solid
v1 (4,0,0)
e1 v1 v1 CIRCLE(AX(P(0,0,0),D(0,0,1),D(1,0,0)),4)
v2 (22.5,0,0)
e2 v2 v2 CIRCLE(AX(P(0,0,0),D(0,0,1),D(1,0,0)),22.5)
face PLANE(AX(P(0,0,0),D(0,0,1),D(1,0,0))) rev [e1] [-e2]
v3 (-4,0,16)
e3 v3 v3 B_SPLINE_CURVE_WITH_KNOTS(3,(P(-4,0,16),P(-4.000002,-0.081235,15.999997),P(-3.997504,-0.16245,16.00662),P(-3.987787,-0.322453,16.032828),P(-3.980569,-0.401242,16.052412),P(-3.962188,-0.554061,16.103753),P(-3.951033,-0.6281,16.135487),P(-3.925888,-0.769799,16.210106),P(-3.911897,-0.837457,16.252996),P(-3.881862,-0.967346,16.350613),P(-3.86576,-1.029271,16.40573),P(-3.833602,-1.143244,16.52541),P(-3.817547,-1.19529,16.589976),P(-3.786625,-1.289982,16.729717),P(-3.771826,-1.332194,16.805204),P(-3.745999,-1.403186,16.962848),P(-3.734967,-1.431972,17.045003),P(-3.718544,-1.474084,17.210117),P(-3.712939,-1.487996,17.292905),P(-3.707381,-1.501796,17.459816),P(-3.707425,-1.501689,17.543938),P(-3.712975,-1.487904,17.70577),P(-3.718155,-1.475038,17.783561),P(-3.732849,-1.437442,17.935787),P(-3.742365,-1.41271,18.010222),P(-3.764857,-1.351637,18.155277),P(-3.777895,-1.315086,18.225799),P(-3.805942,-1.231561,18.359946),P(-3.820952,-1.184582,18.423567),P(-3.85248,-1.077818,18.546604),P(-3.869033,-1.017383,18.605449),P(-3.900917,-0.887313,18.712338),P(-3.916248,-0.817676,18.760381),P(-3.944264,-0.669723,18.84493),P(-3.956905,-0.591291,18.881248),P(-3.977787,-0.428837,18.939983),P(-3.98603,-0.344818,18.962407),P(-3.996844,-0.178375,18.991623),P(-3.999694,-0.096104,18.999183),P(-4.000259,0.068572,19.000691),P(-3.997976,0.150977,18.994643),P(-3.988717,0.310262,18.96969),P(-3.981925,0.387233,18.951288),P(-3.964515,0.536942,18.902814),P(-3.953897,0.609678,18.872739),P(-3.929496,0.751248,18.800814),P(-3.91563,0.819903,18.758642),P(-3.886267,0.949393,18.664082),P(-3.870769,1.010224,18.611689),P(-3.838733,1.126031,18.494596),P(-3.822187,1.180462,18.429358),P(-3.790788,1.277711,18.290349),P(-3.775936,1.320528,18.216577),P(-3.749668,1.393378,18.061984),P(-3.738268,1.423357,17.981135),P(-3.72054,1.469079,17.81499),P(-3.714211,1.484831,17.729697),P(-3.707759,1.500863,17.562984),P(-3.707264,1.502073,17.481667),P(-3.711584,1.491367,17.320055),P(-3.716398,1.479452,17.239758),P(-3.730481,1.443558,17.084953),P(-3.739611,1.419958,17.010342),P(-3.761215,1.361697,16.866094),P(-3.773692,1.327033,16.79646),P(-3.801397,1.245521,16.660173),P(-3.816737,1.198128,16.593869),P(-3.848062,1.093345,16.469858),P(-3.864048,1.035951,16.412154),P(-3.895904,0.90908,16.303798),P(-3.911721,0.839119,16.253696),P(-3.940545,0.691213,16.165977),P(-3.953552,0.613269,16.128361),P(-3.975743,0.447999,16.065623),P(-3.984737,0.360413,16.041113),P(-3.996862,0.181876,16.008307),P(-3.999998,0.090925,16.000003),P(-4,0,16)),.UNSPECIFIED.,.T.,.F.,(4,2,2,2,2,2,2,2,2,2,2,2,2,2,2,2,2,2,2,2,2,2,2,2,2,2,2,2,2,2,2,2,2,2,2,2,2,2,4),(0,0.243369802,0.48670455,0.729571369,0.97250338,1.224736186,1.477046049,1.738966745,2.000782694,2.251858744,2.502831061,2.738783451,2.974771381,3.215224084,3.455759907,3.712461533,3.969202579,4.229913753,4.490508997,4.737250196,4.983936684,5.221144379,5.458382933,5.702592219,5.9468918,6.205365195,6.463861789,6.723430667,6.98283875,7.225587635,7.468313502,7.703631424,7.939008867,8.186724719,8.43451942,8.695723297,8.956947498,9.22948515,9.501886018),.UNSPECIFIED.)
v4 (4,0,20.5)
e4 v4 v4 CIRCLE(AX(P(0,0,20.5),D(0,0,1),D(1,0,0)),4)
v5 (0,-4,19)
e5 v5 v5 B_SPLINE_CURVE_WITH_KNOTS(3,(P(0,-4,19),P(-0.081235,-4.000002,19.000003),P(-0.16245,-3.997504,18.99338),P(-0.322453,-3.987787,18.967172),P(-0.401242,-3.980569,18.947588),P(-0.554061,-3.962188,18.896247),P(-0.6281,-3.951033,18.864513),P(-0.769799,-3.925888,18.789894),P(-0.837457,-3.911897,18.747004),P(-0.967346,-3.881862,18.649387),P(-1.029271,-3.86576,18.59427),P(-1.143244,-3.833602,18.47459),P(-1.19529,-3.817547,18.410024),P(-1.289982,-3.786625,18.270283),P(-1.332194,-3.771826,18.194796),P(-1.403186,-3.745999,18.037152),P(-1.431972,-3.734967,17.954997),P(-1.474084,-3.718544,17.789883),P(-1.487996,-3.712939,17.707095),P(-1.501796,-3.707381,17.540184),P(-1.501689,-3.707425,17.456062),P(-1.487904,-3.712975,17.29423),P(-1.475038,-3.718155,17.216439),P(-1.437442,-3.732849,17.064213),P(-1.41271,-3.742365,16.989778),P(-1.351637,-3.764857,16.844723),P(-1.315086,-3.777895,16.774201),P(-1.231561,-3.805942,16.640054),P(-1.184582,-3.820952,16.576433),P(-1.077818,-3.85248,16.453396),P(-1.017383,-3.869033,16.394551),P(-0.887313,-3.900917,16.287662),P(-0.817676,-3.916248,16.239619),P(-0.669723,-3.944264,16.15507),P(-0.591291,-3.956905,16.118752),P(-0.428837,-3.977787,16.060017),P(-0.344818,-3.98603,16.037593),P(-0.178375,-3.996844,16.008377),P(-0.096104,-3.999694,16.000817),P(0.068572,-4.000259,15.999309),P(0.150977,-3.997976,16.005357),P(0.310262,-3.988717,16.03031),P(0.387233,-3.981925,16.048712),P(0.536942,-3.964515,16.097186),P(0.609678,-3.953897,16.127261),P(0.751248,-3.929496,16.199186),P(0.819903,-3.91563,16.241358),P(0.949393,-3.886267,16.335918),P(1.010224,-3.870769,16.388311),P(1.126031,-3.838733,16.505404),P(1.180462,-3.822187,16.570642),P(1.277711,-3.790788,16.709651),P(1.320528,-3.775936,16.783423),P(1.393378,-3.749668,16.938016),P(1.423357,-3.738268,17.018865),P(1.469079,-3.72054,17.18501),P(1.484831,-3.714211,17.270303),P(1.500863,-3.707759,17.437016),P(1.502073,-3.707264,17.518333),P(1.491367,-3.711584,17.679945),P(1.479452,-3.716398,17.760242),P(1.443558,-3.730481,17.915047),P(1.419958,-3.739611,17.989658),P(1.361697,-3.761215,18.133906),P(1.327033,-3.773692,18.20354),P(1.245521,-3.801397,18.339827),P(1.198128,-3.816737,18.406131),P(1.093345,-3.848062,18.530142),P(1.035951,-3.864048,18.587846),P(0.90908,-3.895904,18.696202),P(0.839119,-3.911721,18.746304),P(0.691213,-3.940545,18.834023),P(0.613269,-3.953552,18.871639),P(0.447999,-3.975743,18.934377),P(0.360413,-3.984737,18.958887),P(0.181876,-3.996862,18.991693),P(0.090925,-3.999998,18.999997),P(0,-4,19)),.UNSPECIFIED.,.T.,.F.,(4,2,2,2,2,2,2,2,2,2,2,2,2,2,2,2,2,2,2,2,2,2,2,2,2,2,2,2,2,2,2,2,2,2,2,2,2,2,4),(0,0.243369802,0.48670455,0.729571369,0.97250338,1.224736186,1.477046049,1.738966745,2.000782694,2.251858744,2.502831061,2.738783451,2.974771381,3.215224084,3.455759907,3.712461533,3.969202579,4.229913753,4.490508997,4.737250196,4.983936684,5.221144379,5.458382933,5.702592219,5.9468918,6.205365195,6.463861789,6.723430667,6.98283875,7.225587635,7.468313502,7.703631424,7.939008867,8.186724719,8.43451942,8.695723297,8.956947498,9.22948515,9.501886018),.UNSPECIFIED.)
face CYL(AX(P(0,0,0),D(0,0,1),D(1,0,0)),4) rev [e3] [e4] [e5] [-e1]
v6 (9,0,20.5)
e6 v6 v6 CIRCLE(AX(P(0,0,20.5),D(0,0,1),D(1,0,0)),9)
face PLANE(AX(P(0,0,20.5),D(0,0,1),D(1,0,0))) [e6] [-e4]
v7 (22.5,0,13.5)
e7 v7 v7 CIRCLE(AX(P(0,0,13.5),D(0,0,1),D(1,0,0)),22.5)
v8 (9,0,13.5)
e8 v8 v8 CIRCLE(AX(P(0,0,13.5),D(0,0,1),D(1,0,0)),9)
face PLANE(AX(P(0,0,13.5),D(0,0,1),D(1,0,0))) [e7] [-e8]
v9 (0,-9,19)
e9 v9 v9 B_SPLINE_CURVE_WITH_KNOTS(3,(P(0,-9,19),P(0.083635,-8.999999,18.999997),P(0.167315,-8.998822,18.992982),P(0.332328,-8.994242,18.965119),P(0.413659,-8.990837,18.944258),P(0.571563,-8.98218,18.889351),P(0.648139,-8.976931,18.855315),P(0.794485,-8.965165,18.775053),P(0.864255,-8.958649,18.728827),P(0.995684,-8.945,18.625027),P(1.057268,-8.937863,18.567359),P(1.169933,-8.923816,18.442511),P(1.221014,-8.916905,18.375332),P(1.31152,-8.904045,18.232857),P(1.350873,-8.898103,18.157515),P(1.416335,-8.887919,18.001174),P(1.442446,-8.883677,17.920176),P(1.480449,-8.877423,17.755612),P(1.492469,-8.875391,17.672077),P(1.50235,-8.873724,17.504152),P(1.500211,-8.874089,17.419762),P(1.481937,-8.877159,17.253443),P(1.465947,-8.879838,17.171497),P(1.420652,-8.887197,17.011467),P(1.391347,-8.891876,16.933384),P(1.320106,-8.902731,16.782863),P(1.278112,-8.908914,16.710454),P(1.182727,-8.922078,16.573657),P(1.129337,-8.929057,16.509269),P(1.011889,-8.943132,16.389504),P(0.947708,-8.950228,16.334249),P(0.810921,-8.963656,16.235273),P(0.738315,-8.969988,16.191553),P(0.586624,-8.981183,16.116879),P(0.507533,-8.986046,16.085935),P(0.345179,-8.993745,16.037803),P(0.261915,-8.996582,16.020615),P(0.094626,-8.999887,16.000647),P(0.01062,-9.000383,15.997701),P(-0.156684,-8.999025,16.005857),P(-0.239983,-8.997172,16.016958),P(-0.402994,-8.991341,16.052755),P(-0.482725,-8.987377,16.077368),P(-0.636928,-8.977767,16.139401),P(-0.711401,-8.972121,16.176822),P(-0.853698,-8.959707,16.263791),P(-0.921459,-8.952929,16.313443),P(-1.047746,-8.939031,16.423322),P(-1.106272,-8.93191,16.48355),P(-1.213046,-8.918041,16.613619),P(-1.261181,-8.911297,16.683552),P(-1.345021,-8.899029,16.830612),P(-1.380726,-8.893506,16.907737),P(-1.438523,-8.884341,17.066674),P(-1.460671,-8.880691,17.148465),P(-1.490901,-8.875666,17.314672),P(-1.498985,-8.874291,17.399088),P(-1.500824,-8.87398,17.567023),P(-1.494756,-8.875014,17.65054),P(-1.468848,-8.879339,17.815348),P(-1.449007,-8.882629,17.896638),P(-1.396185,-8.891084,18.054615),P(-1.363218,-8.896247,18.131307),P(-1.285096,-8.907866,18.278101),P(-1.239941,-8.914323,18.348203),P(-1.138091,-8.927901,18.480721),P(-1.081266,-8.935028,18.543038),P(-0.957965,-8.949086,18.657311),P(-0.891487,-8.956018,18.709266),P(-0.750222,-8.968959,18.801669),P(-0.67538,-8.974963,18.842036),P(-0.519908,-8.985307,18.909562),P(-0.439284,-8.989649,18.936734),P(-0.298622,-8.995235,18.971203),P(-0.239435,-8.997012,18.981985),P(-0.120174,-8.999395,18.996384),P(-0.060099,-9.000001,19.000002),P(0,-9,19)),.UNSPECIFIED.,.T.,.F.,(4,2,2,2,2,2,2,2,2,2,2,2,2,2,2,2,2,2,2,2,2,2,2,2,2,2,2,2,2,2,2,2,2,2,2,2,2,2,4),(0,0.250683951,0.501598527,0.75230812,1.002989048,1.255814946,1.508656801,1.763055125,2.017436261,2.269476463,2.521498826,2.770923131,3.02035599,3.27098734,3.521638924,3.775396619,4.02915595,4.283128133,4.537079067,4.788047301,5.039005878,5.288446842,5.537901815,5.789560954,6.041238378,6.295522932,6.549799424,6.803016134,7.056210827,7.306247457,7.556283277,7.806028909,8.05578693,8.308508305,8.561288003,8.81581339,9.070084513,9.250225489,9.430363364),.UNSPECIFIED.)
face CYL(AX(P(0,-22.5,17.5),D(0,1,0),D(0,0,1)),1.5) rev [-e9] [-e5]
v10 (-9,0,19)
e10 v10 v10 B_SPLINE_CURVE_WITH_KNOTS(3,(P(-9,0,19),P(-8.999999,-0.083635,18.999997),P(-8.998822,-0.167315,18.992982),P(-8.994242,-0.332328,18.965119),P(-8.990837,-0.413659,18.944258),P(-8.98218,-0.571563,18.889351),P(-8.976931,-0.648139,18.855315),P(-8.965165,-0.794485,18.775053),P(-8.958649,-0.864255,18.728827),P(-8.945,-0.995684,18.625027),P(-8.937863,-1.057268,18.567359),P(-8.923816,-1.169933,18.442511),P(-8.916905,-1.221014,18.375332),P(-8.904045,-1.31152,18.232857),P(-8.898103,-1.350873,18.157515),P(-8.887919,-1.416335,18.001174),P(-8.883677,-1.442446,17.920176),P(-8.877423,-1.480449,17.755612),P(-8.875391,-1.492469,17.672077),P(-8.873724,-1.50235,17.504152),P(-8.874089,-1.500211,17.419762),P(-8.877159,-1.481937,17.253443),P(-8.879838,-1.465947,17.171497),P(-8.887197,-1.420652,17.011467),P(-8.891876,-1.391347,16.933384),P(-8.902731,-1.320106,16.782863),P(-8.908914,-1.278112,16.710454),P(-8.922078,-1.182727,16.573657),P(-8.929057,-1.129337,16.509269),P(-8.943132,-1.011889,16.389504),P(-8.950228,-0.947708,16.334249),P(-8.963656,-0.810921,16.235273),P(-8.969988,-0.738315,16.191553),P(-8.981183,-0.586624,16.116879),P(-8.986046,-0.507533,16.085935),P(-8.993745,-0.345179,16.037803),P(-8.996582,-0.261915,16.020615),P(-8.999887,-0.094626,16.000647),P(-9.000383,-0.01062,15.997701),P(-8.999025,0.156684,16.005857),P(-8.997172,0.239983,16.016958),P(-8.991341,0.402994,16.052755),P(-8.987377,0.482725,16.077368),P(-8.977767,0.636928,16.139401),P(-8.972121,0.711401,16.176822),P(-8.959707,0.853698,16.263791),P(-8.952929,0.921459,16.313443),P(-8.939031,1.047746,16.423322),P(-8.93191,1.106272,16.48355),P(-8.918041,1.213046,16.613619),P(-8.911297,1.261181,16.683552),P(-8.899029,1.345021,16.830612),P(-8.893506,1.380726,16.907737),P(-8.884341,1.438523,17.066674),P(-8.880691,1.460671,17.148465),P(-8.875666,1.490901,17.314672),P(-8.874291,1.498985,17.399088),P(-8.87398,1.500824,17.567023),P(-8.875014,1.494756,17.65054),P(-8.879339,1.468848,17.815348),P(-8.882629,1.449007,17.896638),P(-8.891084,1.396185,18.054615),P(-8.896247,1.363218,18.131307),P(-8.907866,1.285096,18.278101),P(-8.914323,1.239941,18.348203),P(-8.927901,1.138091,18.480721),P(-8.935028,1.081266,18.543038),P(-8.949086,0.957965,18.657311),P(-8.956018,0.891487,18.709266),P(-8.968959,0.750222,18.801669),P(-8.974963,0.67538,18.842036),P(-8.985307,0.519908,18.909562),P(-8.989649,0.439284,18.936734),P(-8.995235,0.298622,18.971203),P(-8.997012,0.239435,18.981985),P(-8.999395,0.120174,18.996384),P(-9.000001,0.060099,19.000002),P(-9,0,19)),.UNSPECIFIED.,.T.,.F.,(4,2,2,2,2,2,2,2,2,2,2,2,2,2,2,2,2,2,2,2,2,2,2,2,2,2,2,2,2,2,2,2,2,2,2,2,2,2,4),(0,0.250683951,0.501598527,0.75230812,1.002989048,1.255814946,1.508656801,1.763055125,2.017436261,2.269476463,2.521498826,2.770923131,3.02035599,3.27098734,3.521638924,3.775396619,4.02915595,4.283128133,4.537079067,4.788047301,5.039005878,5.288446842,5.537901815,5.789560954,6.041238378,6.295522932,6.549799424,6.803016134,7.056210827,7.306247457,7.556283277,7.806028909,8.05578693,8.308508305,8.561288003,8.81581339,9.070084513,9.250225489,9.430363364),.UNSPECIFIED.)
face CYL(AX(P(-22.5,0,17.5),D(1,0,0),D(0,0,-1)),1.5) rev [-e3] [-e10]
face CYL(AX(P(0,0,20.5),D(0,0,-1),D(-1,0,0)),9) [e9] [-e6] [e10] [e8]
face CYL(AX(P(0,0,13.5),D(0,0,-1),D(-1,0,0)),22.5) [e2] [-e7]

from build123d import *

# Parameters (mm, degrees)
SKETCH_1_R          = 22.5
EXTRUDE_1_DEPTH     = 13.5
SKETCH_2_R          = 9
EXTRUDE_2_DEPTH     = 7
SKETCH_3_R          = 4
CUT_EXTRUDE_1_DEPTH = 38.851684243
SKETCH_4_R          = 1.5
CUT_EXTRUDE_2_DEPTH = 38.851684243
SKETCH_5_R          = 1.5
CUT_EXTRUDE_3_DEPTH = 38.851684297


with BuildPart() as part:
    # 스케치1 → 보스-돌출1 (new body)
    with BuildSketch(Plane.XY):
        Circle(SKETCH_1_R)
    extrude(amount=EXTRUDE_1_DEPTH)

    # 스케치2 → 보스-돌출2 (add)
    with BuildSketch(Plane.XY.offset(13.5)):
        Circle(SKETCH_2_R)
    extrude(amount=EXTRUDE_2_DEPTH)

    # 스케치3 → 컷-돌출1 (cut, through all)
    with BuildSketch(Plane.XY.offset(20.5)):
        Circle(SKETCH_3_R)
    extrude(amount=-CUT_EXTRUDE_1_DEPTH, mode=Mode.SUBTRACT)

    # 스케치4 → 컷-돌출2 (cut, through all)
    with BuildSketch(Plane(origin=(0, 0, 0), x_dir=(1, 0, 0), z_dir=(0, 1, 0))):
        with Locations(Location((0, -17.5, 0), (0, 0, 270))):
            Circle(SKETCH_4_R)
    extrude(amount=-CUT_EXTRUDE_2_DEPTH, mode=Mode.SUBTRACT)

    # 스케치5 → 컷-돌출3 (cut, through all)
    with BuildSketch(Plane(origin=(0, 0, 0), x_dir=(0, 0, -1), z_dir=(1, 0, 0))):
        with Locations((-17.5, 0)):
            Circle(SKETCH_5_R)
    extrude(amount=-CUT_EXTRUDE_3_DEPTH, mode=Mode.SUBTRACT)


solid = part.part
